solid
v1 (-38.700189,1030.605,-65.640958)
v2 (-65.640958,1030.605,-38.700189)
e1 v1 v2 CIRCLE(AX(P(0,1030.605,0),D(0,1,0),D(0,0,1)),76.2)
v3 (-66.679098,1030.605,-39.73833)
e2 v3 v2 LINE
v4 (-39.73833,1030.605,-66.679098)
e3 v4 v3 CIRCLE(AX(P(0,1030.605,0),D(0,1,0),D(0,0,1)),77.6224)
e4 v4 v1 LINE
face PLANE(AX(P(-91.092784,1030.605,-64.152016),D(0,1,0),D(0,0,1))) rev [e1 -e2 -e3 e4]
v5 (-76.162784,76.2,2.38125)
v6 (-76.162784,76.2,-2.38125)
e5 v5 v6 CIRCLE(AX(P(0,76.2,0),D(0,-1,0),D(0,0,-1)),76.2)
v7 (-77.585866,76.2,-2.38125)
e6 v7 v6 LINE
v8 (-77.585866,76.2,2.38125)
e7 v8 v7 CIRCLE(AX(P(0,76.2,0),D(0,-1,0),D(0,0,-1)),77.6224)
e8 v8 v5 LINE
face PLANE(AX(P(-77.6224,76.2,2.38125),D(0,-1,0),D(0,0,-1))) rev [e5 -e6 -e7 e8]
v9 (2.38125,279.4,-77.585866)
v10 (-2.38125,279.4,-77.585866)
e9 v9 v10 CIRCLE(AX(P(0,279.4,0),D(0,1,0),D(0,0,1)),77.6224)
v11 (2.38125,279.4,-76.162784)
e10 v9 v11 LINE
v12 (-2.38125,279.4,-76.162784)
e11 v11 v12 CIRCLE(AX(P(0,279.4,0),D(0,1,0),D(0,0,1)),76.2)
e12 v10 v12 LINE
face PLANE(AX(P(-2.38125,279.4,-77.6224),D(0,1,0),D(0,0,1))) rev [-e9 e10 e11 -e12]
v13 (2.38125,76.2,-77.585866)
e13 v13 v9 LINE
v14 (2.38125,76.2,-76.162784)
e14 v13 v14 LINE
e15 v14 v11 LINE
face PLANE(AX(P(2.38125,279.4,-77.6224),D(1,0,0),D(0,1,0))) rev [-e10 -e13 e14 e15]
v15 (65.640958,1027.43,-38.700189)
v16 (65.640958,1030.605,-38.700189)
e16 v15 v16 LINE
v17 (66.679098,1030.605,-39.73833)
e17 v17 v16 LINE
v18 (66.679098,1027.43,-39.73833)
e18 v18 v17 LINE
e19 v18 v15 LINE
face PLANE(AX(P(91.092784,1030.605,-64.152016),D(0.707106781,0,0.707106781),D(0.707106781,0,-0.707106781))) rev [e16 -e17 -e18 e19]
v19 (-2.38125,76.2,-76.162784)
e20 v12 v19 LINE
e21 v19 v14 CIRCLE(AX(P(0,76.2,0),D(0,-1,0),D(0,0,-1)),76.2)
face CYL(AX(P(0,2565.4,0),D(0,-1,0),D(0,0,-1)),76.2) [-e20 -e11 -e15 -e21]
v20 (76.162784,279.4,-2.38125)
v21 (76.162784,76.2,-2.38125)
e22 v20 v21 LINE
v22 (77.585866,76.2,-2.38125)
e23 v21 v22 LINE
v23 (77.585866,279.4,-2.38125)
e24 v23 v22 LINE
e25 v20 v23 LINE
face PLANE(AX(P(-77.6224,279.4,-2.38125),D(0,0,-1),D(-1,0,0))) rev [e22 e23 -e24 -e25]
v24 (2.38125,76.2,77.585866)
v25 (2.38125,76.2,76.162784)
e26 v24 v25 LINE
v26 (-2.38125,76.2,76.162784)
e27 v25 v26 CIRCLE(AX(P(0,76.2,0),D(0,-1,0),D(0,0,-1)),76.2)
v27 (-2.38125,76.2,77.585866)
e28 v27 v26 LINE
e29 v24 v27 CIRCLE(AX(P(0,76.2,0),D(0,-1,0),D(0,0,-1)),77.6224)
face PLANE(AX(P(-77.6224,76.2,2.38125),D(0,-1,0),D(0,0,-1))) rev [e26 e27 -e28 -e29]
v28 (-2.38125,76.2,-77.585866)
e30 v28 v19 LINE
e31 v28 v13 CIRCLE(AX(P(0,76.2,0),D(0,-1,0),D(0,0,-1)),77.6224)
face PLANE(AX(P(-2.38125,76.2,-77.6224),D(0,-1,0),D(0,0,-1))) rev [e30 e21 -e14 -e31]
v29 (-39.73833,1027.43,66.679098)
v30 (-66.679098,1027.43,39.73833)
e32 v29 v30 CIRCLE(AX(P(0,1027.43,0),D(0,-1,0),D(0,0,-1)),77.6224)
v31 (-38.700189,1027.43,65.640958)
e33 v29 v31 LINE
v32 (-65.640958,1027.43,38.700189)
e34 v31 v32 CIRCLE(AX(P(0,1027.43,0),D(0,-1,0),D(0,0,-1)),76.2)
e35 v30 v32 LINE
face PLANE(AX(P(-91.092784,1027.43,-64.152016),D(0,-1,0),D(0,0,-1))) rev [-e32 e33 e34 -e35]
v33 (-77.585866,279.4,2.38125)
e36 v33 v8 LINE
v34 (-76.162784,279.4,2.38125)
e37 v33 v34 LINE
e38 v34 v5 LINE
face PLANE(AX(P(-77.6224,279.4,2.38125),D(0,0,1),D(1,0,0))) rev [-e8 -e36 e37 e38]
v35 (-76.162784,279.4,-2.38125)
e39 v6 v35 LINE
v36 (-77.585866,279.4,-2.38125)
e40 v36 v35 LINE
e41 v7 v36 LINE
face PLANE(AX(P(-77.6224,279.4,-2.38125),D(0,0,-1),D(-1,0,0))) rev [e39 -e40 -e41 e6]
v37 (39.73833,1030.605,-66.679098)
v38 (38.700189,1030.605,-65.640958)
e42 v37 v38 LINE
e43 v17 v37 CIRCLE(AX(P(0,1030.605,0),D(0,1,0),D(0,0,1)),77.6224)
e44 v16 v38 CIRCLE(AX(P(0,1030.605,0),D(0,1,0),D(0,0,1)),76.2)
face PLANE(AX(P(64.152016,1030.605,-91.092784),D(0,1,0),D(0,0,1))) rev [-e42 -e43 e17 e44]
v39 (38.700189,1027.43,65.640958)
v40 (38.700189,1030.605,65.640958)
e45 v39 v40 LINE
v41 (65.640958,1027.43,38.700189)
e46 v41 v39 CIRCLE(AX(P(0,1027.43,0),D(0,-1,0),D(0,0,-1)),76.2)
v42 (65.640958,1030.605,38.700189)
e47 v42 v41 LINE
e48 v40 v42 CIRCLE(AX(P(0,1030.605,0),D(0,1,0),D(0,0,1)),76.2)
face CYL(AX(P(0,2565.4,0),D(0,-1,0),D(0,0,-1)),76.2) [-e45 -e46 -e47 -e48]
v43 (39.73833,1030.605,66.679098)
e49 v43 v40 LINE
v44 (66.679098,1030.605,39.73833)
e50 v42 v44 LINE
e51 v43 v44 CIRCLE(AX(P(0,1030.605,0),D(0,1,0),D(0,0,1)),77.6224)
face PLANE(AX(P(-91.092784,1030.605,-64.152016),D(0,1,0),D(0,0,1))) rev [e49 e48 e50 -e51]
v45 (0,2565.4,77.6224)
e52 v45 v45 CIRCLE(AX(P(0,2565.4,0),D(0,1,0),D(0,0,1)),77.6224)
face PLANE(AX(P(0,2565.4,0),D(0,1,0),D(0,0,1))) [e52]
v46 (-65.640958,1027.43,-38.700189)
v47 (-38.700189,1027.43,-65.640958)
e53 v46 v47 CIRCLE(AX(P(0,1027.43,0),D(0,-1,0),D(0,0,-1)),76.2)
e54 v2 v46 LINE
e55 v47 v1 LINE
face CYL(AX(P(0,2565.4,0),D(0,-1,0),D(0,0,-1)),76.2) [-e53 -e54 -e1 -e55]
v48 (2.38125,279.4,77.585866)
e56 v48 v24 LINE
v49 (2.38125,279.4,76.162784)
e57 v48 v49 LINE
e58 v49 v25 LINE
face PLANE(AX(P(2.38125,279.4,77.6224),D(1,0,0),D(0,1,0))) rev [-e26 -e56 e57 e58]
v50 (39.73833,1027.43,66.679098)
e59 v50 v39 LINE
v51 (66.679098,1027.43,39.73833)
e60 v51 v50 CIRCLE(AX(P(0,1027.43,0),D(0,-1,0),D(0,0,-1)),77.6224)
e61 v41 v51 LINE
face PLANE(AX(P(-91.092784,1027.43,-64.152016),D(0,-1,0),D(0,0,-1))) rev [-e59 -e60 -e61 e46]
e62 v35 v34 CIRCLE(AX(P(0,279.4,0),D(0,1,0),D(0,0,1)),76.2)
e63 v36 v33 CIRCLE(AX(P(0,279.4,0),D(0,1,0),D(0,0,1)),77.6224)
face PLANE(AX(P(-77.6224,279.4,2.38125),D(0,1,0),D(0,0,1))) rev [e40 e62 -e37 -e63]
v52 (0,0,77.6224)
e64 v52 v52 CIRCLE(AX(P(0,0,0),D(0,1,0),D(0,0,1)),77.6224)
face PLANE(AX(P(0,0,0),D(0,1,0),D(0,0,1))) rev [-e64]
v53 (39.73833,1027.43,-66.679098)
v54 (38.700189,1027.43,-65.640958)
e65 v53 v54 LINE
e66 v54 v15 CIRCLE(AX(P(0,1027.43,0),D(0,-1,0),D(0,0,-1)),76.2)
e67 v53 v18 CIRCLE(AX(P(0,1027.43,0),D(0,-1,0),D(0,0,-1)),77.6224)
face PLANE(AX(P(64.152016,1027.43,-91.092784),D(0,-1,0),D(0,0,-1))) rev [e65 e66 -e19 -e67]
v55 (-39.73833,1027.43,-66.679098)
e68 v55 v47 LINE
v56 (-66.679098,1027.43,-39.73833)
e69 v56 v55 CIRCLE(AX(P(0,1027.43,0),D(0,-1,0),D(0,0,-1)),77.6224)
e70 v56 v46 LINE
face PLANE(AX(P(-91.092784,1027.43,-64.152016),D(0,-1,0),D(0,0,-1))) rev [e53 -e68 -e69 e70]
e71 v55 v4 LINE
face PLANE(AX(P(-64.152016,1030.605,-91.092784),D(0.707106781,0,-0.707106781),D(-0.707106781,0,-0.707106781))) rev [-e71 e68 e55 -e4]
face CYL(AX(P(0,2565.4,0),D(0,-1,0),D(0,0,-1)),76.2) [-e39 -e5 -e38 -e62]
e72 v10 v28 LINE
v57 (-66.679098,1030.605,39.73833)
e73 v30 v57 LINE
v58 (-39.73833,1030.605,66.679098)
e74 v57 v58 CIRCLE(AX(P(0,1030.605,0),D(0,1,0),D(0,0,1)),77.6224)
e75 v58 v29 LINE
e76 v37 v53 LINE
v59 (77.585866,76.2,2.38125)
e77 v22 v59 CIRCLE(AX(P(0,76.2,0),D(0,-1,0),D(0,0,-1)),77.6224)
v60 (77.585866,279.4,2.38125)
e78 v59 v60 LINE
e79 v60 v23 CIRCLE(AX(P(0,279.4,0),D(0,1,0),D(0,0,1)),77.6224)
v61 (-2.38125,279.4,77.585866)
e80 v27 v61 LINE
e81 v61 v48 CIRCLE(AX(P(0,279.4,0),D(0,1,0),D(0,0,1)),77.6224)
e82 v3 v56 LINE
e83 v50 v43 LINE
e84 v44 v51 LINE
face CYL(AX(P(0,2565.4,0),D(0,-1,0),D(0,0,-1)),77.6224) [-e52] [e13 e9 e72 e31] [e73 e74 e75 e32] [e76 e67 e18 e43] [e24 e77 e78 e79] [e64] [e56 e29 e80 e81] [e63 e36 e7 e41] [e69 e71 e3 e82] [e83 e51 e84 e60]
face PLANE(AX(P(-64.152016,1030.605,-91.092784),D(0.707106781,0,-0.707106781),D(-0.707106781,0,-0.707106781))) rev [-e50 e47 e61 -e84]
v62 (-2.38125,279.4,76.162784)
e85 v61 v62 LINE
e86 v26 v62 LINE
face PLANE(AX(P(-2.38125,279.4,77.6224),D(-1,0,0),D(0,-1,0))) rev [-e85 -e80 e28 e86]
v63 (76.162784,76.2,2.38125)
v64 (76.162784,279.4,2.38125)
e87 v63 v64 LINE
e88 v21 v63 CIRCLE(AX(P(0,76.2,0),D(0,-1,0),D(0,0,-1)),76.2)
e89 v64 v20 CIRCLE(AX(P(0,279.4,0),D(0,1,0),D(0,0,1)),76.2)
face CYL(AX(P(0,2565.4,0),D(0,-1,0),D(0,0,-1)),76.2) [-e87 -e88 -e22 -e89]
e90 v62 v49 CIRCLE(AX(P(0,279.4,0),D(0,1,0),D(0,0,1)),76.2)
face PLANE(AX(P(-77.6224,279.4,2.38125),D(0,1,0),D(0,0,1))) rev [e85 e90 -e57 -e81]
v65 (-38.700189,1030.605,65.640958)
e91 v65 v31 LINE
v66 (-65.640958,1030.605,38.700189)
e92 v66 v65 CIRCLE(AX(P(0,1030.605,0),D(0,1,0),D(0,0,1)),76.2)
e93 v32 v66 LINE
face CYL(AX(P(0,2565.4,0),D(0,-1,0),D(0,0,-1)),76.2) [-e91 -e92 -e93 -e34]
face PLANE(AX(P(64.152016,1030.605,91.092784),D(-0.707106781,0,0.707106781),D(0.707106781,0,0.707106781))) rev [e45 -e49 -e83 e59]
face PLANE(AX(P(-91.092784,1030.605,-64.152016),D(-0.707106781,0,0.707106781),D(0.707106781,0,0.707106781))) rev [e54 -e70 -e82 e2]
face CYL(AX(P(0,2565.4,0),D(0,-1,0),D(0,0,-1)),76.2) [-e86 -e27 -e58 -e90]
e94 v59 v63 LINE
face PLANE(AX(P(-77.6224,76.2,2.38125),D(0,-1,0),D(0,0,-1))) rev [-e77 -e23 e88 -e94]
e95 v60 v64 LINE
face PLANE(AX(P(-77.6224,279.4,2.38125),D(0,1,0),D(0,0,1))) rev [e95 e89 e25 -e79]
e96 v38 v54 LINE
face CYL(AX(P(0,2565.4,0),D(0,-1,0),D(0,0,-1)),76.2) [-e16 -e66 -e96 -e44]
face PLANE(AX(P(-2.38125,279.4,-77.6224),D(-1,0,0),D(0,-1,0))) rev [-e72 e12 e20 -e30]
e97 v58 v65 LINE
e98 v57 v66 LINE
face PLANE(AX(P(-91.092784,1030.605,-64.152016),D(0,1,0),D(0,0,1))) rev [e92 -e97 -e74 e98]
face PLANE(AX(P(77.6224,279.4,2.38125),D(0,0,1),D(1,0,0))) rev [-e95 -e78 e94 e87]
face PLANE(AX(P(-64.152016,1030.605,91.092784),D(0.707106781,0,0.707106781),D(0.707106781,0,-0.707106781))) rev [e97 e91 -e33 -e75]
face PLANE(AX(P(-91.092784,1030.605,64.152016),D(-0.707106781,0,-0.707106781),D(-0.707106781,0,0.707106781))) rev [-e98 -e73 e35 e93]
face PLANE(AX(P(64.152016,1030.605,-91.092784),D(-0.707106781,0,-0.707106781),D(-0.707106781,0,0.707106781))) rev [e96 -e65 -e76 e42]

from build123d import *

# Parameters (mm, degrees)
SKETCH1_R           = 77.6224
SKETCH1_R_2         = 76.2
BOSS_EXTRUDE1_DEPTH = 2565.4
SKETCH2_W           = 4.7625
SKETCH2_H           = 203.2
CUT_EXTRUDE1_DEPTH  = 2568.747579877
CIRPATTERN1_COUNT   = 4
SKETCH3_W           = 38.1
SKETCH3_H           = 3.175
CUT_EXTRUDE2_DEPTH  = 2568.747579877
CIRPATTERN2_COUNT   = 4
SKETCH4_R           = 76.2
BOSS_EXTRUDE2_DEPTH = 2565.4


with BuildPart() as part:
    # Sketch1 → Boss-Extrude1 (new body)
    with BuildSketch(Plane(origin=(0, 0, 0), x_dir=(1, 0, 0), z_dir=(0, 1, 0))):
        with Locations(Location((0, 0, 0), (0, 0, 90))):
            Circle(SKETCH1_R)
        with Locations(Location((0, 0, 0), (0, 0, 90))):
            Circle(SKETCH1_R_2, mode=Mode.SUBTRACT)
    extrude(amount=BOSS_EXTRUDE1_DEPTH)

    # Sketch2 → Cut-Extrude1 (cut, through all)
    with BuildSketch(Plane.XY):
        with Locations((0, 177.8)):
            Rectangle(SKETCH2_W, SKETCH2_H)
    cut_extrude1 = extrude(amount=-CUT_EXTRUDE1_DEPTH, mode=Mode.SUBTRACT)

    # CirPattern1: Cut-Extrude1 ×4 about axis
    cirpattern1_axis = Axis((0, 0, 0), (0, 1, 0))
    for i in range(1, CIRPATTERN1_COUNT):
        add(cut_extrude1.rotate(cirpattern1_axis, i * 360 / CIRPATTERN1_COUNT), mode=Mode.SUBTRACT)

    # Sketch3 → Cut-Extrude2 (cut, through all)
    with BuildSketch(Plane(origin=(0, 0, 0), x_dir=(0.7071067811865477, 0, 0.7071067811865475), z_dir=(-0.7071067811865475, 0, 0.7071067811865477))):
        with Locations((0, 1029.0175)):
            Rectangle(SKETCH3_W, SKETCH3_H)
    cut_extrude2 = extrude(amount=-CUT_EXTRUDE2_DEPTH, mode=Mode.SUBTRACT)

    # CirPattern2: Cut-Extrude2 ×4 about axis
    cirpattern2_axis = Axis((0, 0, 0), (0, 1, 0))
    for i in range(1, CIRPATTERN2_COUNT):
        add(cut_extrude2.rotate(cirpattern2_axis, i * 360 / CIRPATTERN2_COUNT), mode=Mode.SUBTRACT)

    # Sketch4 → Boss-Extrude2 (add)
    with BuildSketch(Plane.XZ):
        Circle(SKETCH4_R)
    extrude(amount=-BOSS_EXTRUDE2_DEPTH)


solid = part.part
